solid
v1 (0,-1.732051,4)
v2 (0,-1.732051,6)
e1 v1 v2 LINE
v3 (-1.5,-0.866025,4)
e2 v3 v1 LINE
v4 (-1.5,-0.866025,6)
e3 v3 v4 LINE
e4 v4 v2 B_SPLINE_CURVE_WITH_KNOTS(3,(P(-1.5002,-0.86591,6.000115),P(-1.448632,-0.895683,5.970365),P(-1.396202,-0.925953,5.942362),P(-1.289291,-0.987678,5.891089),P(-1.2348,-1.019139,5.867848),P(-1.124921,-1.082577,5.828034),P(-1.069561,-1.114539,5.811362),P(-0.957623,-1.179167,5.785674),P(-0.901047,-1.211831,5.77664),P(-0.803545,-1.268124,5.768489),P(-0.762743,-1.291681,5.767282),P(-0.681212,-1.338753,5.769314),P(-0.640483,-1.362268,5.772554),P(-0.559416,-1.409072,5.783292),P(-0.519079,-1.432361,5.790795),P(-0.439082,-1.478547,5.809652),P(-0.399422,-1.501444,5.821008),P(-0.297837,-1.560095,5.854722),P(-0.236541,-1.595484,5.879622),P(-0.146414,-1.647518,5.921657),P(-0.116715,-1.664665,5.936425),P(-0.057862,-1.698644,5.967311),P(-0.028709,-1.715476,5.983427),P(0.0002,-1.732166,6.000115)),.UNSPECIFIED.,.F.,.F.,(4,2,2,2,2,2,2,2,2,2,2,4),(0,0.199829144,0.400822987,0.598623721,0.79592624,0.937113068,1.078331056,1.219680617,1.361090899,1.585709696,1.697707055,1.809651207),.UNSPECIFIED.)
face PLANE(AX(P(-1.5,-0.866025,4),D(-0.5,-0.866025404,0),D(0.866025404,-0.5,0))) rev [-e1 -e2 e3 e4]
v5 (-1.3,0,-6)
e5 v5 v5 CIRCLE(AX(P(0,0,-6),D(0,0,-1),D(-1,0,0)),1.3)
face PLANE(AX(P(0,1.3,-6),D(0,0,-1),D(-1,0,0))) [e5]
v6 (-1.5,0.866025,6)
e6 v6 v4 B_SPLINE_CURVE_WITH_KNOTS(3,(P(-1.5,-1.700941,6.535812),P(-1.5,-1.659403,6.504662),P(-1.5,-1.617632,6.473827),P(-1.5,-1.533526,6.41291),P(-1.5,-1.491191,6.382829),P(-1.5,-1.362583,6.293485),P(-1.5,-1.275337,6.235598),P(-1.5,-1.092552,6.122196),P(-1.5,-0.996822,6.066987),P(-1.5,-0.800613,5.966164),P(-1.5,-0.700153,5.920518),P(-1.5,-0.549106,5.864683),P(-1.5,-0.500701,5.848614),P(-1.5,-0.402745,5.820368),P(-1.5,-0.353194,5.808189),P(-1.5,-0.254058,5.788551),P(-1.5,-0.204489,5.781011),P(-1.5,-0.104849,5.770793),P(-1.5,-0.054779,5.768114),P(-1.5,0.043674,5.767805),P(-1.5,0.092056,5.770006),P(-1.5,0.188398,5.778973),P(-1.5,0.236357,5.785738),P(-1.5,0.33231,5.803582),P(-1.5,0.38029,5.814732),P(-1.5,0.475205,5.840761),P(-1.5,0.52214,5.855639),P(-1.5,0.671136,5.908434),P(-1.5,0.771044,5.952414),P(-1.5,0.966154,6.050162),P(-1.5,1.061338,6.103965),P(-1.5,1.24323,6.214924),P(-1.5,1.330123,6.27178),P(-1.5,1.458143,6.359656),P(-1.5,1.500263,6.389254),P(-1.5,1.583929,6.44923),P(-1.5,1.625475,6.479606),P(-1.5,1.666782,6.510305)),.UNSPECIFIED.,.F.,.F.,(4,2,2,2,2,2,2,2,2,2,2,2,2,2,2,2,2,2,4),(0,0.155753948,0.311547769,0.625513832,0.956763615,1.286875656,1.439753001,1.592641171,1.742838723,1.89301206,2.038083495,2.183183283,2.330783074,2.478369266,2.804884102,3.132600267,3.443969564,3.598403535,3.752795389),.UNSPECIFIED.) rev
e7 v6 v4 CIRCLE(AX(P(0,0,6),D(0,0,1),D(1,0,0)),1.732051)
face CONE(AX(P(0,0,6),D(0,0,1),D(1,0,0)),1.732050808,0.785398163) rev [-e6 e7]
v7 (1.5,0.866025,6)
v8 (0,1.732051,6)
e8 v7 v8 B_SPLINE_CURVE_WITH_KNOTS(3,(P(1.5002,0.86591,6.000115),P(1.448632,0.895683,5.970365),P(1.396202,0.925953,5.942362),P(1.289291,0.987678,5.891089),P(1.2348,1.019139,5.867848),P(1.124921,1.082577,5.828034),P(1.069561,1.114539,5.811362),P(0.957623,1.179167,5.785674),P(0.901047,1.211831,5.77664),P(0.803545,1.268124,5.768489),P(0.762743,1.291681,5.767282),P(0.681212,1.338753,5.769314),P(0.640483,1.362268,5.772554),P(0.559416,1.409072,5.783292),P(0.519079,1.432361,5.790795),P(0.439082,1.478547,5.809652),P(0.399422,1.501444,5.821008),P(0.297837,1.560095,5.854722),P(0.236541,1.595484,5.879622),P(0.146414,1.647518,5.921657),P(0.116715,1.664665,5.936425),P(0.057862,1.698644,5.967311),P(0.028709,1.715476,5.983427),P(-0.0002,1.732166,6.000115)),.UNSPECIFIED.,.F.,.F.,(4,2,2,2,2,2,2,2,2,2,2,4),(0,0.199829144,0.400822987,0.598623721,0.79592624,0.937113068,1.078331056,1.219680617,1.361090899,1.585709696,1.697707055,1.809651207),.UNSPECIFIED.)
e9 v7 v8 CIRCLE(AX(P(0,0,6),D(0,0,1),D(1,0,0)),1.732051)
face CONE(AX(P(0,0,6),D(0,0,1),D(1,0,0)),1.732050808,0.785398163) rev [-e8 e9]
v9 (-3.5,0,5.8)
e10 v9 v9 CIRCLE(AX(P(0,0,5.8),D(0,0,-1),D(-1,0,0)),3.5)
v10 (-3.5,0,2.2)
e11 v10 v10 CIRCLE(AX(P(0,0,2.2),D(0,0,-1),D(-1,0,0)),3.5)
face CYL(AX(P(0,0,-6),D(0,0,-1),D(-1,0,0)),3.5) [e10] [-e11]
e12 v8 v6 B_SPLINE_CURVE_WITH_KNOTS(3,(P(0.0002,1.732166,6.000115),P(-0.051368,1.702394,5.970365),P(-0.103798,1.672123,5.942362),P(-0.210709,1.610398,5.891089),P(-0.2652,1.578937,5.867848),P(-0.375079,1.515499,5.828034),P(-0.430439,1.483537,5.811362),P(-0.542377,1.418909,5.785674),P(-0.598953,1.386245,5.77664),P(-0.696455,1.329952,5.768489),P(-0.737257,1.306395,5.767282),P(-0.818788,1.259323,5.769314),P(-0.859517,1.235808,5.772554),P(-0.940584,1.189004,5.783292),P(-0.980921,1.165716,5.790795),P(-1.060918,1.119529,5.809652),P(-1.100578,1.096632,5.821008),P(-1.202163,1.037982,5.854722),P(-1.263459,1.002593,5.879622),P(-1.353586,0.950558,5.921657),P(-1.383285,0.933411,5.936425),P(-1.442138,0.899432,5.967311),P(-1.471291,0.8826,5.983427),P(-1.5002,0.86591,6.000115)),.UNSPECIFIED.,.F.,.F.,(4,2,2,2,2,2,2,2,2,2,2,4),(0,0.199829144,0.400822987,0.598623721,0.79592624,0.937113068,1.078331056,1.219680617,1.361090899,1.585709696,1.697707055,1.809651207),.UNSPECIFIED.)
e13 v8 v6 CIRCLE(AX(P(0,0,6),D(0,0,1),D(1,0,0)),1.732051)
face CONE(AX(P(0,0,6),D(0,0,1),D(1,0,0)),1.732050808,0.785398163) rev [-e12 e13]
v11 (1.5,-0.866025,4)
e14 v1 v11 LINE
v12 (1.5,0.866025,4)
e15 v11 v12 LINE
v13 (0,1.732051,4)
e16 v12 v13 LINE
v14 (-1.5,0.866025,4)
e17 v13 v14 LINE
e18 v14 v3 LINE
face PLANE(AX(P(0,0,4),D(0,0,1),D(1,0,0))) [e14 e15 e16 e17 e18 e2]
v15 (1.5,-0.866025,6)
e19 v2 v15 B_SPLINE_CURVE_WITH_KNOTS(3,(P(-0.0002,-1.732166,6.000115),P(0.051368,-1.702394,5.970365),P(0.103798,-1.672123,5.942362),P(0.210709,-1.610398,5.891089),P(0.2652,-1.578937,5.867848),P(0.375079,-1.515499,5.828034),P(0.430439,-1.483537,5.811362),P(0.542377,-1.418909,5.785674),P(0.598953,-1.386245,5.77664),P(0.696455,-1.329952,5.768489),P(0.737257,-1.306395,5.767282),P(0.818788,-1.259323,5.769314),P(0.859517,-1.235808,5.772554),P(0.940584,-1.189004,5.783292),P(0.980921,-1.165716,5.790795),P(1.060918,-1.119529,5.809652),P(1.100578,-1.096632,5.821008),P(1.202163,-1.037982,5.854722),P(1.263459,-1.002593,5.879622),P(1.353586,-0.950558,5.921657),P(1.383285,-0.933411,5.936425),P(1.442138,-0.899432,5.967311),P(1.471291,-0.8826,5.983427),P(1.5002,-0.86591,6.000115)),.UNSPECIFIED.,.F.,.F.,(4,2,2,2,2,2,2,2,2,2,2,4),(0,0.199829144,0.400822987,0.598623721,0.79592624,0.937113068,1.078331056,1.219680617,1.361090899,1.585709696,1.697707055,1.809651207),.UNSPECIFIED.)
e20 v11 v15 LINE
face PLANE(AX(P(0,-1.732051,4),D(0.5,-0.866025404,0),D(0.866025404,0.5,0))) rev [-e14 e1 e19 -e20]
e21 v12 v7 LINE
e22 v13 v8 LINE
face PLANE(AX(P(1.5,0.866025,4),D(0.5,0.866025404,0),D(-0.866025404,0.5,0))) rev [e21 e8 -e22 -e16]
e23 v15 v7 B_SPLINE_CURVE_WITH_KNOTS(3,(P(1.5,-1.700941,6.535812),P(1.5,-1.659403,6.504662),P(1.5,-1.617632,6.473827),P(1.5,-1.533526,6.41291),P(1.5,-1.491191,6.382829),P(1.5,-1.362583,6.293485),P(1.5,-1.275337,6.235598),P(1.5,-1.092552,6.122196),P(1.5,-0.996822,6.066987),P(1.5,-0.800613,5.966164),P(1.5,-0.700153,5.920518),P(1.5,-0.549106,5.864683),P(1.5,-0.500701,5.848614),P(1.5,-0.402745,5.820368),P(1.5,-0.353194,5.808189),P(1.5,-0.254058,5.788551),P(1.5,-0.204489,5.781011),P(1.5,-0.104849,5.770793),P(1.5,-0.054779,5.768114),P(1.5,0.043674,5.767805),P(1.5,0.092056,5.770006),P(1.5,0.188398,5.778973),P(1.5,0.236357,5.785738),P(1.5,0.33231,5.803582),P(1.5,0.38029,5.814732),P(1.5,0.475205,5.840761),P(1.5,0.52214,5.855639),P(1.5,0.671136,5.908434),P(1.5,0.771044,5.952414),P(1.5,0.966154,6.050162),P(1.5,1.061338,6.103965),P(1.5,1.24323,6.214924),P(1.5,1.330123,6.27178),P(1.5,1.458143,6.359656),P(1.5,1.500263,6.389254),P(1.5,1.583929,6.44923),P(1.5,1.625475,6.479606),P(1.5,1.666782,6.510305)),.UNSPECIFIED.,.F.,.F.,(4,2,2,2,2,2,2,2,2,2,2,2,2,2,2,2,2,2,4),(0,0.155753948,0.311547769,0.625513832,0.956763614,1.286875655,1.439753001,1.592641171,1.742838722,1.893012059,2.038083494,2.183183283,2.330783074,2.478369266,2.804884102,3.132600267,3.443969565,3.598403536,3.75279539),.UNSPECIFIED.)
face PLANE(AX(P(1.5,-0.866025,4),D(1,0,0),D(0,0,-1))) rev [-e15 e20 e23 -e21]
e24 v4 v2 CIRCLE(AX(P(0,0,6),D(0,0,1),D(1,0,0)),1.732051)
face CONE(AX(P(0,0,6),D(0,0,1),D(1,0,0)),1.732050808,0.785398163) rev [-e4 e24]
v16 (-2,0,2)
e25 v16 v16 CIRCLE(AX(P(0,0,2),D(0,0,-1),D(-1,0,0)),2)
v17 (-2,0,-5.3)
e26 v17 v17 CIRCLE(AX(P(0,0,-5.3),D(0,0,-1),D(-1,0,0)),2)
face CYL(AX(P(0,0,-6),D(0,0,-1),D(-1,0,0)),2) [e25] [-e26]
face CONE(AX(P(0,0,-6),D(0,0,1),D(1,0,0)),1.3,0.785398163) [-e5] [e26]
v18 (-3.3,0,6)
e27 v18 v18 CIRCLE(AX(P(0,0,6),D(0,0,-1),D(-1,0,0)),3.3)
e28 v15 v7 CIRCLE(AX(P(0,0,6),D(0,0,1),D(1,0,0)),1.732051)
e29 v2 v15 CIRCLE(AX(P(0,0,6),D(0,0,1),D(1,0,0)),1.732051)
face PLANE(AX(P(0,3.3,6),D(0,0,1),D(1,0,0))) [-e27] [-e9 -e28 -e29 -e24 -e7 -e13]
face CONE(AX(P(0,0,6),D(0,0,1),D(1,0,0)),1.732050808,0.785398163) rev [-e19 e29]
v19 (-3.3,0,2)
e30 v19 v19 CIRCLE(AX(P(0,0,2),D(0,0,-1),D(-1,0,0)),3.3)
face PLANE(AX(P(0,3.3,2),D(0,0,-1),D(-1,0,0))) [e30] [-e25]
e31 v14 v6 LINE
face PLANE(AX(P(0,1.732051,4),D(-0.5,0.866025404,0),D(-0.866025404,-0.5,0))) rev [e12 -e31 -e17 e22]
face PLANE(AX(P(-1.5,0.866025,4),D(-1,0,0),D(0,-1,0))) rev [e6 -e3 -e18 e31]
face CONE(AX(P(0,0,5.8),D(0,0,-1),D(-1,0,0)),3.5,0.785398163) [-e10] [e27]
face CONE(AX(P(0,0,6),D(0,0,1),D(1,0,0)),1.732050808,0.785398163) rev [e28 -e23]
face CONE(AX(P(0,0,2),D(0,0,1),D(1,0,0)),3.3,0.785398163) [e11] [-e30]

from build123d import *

# Parameters (mm, degrees)
CUT_EXTRUDE1_START = -2
CUT_EXTRUDE1_DEPTH = 2
SKETCH4_R          = 1.732050808
CUT_EXTRUDE2_DEPTH = 0.5
CUT_EXTRUDE2_TAPER = 45


with BuildPart() as part:
    # Sketch2 → Revolve1 (revolve)
    with BuildSketch(Plane(origin=(0, 0, 0), x_dir=(0, 0, -1), z_dir=(1, 0, 0))):
        Polygon((-5.8, 3.5), (-2.2, 3.5), (-2, 3.3), (-2, 2), (5.3, 2), (6, 1.3), (6, 0), (-6, 0), (-6, 3.3), align=None)
    revolve(axis=Axis((0, 0, -6), (0, 0, 1)))

    # Sketch3 → Cut-Extrude1 (cut)
    with BuildSketch(Plane.XY.offset(6).offset(CUT_EXTRUDE1_START)):
        Polygon((0, 1.732050808), (-1.5, 0.866025404), (-1.5, -0.866025404), (0, -1.732050808), (1.5, -0.866025404), (1.5, 0.866025404), align=None)
    extrude(amount=CUT_EXTRUDE1_DEPTH, mode=Mode.SUBTRACT)

    # Sketch4 → Cut-Extrude2 (cut)
    with BuildSketch(Plane.XY.offset(6)):
        Circle(SKETCH4_R)
    extrude(amount=-CUT_EXTRUDE2_DEPTH, taper=CUT_EXTRUDE2_TAPER, mode=Mode.SUBTRACT)


solid = part.part
